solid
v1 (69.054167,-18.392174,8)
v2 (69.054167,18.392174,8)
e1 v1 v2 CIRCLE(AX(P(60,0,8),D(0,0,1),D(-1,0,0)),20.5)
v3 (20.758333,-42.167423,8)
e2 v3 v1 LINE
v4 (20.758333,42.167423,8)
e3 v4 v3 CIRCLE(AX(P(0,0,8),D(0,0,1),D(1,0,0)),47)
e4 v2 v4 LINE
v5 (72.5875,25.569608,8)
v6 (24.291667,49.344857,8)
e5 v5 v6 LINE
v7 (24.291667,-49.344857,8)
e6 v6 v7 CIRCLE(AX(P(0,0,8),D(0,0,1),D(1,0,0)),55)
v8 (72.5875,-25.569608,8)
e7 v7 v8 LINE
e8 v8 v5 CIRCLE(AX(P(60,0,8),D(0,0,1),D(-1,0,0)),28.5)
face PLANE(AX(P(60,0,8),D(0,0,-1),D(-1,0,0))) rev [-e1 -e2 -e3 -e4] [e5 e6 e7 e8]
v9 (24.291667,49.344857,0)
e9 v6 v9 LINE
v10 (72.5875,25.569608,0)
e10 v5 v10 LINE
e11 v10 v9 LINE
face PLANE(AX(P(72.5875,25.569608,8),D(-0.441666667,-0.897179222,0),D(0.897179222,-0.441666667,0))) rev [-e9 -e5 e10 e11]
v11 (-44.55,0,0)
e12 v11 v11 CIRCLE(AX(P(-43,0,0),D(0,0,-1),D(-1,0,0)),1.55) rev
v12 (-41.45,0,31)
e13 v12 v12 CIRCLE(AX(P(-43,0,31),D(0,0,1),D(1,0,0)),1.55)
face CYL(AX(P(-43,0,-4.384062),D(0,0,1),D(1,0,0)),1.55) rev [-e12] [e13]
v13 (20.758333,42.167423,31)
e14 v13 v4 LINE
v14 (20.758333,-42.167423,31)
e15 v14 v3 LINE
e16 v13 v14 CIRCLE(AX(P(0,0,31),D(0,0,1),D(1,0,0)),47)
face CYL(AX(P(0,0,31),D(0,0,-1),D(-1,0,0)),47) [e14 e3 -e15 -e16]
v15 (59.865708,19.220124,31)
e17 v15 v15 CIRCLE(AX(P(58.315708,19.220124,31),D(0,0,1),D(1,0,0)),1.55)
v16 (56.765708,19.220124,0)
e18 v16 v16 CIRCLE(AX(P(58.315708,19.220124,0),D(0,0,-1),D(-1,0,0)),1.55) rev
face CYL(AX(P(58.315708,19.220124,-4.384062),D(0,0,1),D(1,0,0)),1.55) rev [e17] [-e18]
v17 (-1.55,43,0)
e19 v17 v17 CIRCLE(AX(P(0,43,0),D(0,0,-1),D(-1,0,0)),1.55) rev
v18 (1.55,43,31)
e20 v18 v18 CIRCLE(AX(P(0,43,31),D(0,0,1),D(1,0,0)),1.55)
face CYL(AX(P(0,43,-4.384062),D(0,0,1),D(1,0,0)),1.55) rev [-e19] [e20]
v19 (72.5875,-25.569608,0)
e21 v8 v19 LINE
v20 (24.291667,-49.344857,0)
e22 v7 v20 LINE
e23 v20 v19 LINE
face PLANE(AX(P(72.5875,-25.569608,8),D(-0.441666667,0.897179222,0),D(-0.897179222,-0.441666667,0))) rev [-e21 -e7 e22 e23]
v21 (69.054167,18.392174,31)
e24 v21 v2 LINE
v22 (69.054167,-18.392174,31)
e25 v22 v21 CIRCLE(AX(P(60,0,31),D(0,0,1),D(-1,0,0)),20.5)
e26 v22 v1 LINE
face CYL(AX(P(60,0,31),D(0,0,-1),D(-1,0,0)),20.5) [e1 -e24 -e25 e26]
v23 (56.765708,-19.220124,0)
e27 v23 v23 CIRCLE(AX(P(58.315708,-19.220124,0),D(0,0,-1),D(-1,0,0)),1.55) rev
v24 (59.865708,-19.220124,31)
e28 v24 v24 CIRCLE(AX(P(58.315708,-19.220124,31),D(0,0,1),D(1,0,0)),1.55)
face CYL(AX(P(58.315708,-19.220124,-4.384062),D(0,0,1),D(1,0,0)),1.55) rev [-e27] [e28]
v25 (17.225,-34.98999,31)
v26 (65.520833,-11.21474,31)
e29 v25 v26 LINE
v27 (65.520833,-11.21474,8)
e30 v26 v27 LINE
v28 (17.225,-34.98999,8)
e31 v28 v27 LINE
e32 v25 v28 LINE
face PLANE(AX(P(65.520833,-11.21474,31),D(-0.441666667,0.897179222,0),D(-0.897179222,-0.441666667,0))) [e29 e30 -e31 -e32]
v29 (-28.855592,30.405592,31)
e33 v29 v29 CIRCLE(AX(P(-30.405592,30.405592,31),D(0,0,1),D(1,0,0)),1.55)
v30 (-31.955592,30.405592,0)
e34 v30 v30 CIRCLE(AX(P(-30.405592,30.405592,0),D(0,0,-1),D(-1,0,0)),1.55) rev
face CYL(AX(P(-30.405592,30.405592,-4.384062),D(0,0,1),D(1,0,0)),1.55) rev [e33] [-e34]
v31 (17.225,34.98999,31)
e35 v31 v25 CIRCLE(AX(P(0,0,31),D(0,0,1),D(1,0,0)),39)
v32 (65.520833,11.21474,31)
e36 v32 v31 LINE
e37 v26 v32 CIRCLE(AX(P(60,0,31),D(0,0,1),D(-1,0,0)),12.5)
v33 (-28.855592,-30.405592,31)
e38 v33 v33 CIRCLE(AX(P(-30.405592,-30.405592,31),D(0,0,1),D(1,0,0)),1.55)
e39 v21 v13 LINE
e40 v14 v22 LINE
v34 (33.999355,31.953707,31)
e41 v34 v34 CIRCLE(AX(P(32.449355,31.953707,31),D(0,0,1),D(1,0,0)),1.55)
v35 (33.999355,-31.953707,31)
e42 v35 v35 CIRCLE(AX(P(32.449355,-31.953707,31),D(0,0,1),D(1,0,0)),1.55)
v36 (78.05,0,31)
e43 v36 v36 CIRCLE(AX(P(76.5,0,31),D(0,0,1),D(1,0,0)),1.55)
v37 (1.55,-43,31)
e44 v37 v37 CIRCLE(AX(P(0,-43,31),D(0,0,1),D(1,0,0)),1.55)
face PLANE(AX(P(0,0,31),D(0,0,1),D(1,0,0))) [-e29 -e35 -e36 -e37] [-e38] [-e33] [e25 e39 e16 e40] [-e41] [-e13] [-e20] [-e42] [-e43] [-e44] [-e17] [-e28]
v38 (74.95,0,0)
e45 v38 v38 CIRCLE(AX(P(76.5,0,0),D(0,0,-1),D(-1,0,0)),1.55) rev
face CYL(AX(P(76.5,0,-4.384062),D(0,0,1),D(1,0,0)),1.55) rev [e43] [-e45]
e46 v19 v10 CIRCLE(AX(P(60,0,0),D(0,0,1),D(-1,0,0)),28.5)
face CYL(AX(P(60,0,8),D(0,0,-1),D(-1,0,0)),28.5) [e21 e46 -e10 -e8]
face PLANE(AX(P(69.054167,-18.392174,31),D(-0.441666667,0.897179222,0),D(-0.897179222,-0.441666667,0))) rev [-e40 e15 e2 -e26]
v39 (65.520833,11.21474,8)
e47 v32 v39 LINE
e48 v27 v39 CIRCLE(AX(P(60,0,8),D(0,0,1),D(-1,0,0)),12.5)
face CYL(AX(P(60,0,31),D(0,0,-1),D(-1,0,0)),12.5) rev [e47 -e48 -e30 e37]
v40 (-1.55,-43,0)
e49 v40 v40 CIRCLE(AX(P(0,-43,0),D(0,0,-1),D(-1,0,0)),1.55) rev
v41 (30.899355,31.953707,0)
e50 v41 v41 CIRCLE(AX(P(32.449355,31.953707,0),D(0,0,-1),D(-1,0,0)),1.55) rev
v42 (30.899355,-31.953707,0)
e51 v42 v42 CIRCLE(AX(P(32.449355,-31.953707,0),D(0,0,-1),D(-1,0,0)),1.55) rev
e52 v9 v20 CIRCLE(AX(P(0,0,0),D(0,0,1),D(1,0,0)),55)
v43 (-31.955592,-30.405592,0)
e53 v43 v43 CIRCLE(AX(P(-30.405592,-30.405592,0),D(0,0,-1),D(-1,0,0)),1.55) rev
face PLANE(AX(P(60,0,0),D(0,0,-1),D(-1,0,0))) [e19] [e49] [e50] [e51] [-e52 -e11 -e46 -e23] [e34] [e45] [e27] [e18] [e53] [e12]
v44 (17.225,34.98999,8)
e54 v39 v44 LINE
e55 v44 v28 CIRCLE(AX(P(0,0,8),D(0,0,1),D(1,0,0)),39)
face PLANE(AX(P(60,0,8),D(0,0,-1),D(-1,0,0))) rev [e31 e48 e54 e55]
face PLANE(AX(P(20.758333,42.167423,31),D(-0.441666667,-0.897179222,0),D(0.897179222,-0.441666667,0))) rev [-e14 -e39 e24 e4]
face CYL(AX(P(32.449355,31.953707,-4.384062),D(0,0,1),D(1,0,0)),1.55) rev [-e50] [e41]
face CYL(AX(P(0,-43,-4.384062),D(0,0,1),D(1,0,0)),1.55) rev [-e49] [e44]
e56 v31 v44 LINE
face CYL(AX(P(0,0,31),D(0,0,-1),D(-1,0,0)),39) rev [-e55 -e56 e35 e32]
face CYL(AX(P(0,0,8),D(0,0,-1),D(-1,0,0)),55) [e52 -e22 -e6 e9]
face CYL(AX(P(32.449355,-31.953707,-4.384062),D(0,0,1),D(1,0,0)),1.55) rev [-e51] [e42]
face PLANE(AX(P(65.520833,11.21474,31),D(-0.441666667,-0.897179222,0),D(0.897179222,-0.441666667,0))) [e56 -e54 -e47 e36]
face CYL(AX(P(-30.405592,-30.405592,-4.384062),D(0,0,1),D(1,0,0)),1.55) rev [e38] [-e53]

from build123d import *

# Parameters (mm, degrees)
BOSS_EXTRUDE2_DEPTH = 8
BOSS_EXTRUDE3_DEPTH = 23
SKETCH6_R           = 1.55
CUT_EXTRUDE1_DEPTH  = 31


with BuildPart() as part:
    # Sketch1 → Boss-Extrude2 (new body)
    with BuildSketch(Plane.XY):
        with BuildLine():
            Line((72.5875, 25.569607814), (24.291666667, 49.344857184))
            ThreePointArc((24.291666667, 49.344857184), (-55, 0), (24.291666667, -49.344857184))
            Line((24.291666667, -49.344857184), (72.5875, -25.569607814))
            ThreePointArc((72.5875, -25.569607814), (88.5, 0), (72.5875, 25.569607814))
        make_face()
    extrude(amount=BOSS_EXTRUDE2_DEPTH)

    # Sketch5 → Boss-Extrude3 (add)
    with BuildSketch(Plane.XY.offset(8)):
        with BuildLine():
            Line((20.758333333, 42.167423412), (69.054166667, 18.392174041))
            ThreePointArc((69.054166667, 18.392174041), (80.5, 0), (69.054166667, -18.392174041))
            Line((69.054166667, -18.392174041), (20.758333333, -42.167423412))
            ThreePointArc((20.758333333, -42.167423412), (-47, 0), (20.758333333, 42.167423412))
        make_face()
        with BuildLine():
            Line((65.520833333, 11.214740269), (17.225, 34.98998964))
            ThreePointArc((17.225, 34.98998964), (-39, 0), (17.225, -34.98998964))
            Line((17.225, -34.98998964), (65.520833333, -11.214740269))
            ThreePointArc((65.520833333, -11.214740269), (72.5, 0), (65.520833333, 11.214740269))
        make_face(mode=Mode.SUBTRACT)
    extrude(amount=BOSS_EXTRUDE3_DEPTH)

    # Sketch6 → Cut-Extrude1 (cut)
    with BuildSketch(Plane.XY.offset(31)):
        with Locations((0, 43)):
            Circle(SKETCH6_R)
        with Locations((-30.405591591, 30.405591591)):
            Circle(SKETCH6_R)
        with Locations((-43, 0)):
            Circle(SKETCH6_R)
        with Locations((-30.405591591, -30.405591591)):
            Circle(SKETCH6_R)
        with Locations((0, -43)):
            Circle(SKETCH6_R)
        with Locations((76.5, 0)):
            Circle(SKETCH6_R)
        with Locations((58.315707785, 19.220123822)):
            Circle(SKETCH6_R)
        with Locations((32.44935499, 31.953706526)):
            Circle(SKETCH6_R)
        with Locations((58.315707785, -19.220123822)):
            Circle(SKETCH6_R)
        with Locations((32.44935499, -31.953706526)):
            Circle(SKETCH6_R)
    extrude(amount=-CUT_EXTRUDE1_DEPTH, mode=Mode.SUBTRACT)


solid = part.part
